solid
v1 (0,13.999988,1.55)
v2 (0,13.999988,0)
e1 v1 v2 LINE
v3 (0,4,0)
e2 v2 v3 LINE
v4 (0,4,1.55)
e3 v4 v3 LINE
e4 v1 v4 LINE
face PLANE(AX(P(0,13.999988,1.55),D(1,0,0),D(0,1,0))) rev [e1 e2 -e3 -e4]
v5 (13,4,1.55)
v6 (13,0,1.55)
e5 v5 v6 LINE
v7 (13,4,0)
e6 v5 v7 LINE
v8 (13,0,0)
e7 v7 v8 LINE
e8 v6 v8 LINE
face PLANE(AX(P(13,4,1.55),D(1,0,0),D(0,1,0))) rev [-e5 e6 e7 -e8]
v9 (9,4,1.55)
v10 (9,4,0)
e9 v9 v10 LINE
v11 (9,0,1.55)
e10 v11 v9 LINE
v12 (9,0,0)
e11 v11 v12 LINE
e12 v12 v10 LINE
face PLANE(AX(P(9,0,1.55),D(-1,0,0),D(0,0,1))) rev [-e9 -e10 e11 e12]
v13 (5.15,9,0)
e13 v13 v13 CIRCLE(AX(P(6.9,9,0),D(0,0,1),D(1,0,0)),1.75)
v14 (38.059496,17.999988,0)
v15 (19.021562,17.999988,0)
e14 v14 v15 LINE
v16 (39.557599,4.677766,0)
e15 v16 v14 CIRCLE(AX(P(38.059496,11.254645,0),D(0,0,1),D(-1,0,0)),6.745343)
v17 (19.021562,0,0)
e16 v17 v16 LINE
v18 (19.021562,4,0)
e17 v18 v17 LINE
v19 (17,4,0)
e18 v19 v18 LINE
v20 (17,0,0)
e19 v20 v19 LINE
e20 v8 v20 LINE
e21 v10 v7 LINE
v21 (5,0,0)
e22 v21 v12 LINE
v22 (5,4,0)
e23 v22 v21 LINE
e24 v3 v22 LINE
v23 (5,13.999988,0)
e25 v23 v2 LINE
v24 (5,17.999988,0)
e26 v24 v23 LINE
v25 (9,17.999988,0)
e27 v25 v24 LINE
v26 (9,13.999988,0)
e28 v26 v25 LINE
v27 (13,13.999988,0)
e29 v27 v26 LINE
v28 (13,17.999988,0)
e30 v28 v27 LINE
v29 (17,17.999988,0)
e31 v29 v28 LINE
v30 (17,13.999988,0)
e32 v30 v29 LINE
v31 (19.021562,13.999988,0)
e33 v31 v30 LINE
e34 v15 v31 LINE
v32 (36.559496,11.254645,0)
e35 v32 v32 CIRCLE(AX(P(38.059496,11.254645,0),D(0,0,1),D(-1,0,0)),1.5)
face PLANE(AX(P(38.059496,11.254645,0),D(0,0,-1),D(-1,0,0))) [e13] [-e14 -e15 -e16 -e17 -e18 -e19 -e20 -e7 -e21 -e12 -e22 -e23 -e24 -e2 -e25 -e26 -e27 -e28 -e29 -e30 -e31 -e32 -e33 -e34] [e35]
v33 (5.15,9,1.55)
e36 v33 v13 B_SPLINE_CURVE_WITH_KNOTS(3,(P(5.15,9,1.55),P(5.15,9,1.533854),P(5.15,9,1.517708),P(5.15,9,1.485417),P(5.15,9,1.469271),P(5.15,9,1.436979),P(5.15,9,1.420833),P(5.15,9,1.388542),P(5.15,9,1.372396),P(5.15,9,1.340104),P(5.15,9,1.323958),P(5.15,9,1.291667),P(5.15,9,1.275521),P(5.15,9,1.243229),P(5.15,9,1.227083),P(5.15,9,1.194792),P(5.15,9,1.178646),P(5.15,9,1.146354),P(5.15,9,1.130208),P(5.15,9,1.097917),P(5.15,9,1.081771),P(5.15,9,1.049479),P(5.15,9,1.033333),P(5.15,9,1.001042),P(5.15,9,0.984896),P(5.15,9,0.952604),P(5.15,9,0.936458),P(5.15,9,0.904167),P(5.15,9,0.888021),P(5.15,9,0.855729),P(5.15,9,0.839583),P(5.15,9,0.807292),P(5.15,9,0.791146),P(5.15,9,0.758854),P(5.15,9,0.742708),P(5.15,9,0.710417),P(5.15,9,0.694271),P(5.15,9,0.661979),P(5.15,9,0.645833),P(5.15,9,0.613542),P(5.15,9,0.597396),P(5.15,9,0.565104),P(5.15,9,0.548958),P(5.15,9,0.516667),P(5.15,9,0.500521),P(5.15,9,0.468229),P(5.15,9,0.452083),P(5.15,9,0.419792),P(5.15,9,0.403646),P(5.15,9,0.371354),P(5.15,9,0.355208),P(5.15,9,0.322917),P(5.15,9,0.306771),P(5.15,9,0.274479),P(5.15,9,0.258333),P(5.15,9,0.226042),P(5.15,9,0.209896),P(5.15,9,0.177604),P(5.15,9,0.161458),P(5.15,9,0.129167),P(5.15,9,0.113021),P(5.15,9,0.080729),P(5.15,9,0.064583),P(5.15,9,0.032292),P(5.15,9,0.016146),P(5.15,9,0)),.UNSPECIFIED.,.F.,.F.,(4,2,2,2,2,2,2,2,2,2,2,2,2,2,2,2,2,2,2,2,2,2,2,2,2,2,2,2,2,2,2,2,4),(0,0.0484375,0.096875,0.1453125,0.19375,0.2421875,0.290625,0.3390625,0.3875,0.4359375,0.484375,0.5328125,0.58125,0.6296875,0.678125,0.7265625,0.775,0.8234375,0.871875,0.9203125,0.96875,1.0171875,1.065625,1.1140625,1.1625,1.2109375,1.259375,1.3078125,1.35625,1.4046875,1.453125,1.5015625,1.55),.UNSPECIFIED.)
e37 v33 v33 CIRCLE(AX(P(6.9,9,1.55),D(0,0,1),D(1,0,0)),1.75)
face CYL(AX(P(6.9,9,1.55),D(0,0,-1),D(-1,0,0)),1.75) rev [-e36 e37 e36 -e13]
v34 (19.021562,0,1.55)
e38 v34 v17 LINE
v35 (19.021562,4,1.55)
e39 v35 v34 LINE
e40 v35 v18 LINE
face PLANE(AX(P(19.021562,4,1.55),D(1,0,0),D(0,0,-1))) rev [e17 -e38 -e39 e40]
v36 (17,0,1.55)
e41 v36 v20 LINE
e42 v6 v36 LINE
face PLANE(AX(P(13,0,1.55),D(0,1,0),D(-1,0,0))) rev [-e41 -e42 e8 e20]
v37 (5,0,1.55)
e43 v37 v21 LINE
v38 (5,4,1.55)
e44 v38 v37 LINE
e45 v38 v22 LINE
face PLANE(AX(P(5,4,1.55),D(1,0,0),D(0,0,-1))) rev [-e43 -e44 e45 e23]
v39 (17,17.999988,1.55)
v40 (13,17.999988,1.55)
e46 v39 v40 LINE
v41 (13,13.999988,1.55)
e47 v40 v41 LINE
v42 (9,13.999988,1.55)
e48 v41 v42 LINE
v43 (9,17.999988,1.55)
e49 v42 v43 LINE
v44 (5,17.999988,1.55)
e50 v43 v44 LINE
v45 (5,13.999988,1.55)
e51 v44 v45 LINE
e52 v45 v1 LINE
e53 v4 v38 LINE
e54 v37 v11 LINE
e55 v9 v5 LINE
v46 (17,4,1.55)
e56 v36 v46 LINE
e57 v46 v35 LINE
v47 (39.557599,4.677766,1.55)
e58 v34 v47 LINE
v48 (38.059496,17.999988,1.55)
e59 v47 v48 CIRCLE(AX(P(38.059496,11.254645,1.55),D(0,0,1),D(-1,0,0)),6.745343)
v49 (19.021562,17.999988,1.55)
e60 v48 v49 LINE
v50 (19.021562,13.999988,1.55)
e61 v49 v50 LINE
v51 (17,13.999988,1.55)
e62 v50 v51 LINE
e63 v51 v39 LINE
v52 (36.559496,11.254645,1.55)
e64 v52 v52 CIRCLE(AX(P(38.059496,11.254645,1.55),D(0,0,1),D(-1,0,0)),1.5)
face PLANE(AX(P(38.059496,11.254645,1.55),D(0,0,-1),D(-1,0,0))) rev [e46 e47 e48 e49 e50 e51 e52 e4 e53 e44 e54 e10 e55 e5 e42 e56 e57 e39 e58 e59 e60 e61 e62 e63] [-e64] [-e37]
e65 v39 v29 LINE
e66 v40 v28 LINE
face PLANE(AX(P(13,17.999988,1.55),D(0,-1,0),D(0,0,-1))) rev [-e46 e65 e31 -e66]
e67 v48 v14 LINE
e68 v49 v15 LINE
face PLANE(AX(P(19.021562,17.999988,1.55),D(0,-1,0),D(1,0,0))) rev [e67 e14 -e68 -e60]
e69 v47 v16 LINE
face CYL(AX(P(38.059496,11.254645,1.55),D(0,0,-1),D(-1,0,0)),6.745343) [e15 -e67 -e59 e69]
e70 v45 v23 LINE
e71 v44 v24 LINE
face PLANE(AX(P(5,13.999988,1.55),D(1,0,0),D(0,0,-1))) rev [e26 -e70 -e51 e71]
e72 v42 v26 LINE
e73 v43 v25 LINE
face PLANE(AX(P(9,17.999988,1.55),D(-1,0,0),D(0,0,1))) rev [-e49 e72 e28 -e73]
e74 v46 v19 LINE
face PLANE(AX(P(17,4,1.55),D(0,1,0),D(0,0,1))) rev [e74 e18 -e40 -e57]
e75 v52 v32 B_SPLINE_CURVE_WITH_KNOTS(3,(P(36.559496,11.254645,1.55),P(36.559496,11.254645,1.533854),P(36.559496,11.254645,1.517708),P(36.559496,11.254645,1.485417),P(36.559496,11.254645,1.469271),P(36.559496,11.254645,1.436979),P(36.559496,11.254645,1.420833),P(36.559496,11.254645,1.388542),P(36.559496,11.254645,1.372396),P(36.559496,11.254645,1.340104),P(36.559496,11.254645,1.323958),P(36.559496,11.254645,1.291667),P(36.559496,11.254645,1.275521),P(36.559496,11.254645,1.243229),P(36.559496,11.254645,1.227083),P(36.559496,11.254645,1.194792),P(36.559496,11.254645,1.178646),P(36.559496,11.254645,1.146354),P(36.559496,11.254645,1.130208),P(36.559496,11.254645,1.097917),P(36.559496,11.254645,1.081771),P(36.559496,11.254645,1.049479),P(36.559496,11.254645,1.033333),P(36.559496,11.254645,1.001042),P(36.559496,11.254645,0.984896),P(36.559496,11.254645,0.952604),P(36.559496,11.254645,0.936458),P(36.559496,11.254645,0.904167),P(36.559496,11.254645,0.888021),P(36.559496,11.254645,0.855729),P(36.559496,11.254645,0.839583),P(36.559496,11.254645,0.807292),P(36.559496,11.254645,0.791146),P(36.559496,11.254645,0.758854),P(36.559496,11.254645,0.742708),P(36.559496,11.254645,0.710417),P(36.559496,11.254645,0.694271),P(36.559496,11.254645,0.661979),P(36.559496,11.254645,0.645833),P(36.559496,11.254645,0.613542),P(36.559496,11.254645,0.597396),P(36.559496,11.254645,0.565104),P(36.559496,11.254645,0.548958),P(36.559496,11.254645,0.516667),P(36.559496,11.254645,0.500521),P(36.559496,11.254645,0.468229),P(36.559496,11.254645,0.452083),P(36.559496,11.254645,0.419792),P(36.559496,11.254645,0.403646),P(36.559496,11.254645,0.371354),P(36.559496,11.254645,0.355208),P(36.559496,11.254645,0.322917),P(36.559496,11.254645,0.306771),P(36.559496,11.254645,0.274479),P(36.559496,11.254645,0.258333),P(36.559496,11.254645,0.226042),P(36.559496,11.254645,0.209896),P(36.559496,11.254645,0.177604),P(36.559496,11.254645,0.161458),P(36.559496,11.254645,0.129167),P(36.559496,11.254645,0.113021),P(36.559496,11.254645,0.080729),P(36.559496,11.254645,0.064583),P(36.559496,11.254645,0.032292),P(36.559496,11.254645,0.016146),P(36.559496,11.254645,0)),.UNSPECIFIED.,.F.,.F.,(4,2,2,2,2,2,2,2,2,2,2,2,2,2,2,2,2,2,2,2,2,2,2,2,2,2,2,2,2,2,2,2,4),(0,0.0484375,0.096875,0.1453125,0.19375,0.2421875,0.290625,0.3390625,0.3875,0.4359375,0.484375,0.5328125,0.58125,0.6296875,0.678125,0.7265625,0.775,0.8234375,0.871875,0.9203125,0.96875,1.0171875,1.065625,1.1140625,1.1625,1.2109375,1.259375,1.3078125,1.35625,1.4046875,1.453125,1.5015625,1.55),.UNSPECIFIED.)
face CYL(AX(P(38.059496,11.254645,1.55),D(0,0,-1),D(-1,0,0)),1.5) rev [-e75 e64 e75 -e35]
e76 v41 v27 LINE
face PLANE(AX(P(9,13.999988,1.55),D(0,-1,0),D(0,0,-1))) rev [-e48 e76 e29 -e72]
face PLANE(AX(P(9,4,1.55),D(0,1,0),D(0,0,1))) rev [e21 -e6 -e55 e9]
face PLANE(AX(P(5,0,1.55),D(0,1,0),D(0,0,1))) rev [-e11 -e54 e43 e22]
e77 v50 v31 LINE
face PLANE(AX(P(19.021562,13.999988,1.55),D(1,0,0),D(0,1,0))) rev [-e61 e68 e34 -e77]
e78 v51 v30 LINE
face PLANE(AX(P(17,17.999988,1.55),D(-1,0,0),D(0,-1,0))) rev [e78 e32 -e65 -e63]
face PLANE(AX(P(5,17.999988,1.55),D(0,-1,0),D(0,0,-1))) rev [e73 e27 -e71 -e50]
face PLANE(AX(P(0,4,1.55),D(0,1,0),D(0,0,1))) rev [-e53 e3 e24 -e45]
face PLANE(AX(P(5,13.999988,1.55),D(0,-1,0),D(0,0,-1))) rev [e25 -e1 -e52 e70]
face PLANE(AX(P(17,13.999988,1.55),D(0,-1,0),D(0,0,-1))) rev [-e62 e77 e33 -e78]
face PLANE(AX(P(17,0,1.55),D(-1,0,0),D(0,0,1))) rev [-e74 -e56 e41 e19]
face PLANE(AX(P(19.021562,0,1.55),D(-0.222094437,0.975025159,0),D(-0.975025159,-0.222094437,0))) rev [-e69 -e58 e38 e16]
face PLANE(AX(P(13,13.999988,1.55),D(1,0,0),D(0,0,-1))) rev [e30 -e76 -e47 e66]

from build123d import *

# Parameters (mm, degrees)
SKETCH1_R           = 1.75
SKETCH1_R_2         = 1.5
BOSS_EXTRUDE1_DEPTH = 1.55


with BuildPart() as part:
    # Sketch1 → Boss-Extrude1 (new body)
    with BuildSketch(Plane.XY):
        with BuildLine():
            Line((5, 0), (9, 0))
            Line((9, 0), (9, 4))
            Line((9, 4), (13, 4))
            Line((13, 4), (13, 0))
            Line((13, 0), (17, 0))
            Line((17, 0), (17, 4))
            Line((17, 4), (19.021561934, 4))
            Line((19.021561934, 4), (19.021561934, 0))
            Line((19.021561934, 0), (39.557599026, 4.677766061))
            ThreePointArc((39.557599026, 4.677766061), (44.762590659, 12.008417985), (38.059495851, 17.999988357))
            Line((38.059495851, 17.999988357), (19.021561934, 17.999988357))
            Line((19.021561934, 17.999988357), (19.021561934, 13.999988357))
            Line((19.021561934, 13.999988357), (17, 13.999988357))
            Line((17, 13.999988357), (17, 17.999988357))
            Line((17, 17.999988357), (13, 17.999988357))
            Line((13, 17.999988357), (13, 13.999988357))
            Line((13, 13.999988357), (9, 13.999988357))
            Line((9, 13.999988357), (9, 17.999988357))
            Line((9, 17.999988357), (5, 17.999988357))
            Line((5, 17.999988357), (5, 13.999988357))
            Line((5, 13.999988357), (0, 13.999988357))
            Line((0, 13.999988357), (0, 4))
            Line((0, 4), (5, 4))
            Line((5, 4), (5, 0))
        make_face()
        with Locations(Location((6.9, 9, 0), (0, 0, 180))):
            Circle(SKETCH1_R, mode=Mode.SUBTRACT)
        with Locations(Location((38.059495851, 11.254645274, 0), (0, 0, 180))):
            Circle(SKETCH1_R_2, mode=Mode.SUBTRACT)
    extrude(amount=BOSS_EXTRUDE1_DEPTH)


solid = part.part
